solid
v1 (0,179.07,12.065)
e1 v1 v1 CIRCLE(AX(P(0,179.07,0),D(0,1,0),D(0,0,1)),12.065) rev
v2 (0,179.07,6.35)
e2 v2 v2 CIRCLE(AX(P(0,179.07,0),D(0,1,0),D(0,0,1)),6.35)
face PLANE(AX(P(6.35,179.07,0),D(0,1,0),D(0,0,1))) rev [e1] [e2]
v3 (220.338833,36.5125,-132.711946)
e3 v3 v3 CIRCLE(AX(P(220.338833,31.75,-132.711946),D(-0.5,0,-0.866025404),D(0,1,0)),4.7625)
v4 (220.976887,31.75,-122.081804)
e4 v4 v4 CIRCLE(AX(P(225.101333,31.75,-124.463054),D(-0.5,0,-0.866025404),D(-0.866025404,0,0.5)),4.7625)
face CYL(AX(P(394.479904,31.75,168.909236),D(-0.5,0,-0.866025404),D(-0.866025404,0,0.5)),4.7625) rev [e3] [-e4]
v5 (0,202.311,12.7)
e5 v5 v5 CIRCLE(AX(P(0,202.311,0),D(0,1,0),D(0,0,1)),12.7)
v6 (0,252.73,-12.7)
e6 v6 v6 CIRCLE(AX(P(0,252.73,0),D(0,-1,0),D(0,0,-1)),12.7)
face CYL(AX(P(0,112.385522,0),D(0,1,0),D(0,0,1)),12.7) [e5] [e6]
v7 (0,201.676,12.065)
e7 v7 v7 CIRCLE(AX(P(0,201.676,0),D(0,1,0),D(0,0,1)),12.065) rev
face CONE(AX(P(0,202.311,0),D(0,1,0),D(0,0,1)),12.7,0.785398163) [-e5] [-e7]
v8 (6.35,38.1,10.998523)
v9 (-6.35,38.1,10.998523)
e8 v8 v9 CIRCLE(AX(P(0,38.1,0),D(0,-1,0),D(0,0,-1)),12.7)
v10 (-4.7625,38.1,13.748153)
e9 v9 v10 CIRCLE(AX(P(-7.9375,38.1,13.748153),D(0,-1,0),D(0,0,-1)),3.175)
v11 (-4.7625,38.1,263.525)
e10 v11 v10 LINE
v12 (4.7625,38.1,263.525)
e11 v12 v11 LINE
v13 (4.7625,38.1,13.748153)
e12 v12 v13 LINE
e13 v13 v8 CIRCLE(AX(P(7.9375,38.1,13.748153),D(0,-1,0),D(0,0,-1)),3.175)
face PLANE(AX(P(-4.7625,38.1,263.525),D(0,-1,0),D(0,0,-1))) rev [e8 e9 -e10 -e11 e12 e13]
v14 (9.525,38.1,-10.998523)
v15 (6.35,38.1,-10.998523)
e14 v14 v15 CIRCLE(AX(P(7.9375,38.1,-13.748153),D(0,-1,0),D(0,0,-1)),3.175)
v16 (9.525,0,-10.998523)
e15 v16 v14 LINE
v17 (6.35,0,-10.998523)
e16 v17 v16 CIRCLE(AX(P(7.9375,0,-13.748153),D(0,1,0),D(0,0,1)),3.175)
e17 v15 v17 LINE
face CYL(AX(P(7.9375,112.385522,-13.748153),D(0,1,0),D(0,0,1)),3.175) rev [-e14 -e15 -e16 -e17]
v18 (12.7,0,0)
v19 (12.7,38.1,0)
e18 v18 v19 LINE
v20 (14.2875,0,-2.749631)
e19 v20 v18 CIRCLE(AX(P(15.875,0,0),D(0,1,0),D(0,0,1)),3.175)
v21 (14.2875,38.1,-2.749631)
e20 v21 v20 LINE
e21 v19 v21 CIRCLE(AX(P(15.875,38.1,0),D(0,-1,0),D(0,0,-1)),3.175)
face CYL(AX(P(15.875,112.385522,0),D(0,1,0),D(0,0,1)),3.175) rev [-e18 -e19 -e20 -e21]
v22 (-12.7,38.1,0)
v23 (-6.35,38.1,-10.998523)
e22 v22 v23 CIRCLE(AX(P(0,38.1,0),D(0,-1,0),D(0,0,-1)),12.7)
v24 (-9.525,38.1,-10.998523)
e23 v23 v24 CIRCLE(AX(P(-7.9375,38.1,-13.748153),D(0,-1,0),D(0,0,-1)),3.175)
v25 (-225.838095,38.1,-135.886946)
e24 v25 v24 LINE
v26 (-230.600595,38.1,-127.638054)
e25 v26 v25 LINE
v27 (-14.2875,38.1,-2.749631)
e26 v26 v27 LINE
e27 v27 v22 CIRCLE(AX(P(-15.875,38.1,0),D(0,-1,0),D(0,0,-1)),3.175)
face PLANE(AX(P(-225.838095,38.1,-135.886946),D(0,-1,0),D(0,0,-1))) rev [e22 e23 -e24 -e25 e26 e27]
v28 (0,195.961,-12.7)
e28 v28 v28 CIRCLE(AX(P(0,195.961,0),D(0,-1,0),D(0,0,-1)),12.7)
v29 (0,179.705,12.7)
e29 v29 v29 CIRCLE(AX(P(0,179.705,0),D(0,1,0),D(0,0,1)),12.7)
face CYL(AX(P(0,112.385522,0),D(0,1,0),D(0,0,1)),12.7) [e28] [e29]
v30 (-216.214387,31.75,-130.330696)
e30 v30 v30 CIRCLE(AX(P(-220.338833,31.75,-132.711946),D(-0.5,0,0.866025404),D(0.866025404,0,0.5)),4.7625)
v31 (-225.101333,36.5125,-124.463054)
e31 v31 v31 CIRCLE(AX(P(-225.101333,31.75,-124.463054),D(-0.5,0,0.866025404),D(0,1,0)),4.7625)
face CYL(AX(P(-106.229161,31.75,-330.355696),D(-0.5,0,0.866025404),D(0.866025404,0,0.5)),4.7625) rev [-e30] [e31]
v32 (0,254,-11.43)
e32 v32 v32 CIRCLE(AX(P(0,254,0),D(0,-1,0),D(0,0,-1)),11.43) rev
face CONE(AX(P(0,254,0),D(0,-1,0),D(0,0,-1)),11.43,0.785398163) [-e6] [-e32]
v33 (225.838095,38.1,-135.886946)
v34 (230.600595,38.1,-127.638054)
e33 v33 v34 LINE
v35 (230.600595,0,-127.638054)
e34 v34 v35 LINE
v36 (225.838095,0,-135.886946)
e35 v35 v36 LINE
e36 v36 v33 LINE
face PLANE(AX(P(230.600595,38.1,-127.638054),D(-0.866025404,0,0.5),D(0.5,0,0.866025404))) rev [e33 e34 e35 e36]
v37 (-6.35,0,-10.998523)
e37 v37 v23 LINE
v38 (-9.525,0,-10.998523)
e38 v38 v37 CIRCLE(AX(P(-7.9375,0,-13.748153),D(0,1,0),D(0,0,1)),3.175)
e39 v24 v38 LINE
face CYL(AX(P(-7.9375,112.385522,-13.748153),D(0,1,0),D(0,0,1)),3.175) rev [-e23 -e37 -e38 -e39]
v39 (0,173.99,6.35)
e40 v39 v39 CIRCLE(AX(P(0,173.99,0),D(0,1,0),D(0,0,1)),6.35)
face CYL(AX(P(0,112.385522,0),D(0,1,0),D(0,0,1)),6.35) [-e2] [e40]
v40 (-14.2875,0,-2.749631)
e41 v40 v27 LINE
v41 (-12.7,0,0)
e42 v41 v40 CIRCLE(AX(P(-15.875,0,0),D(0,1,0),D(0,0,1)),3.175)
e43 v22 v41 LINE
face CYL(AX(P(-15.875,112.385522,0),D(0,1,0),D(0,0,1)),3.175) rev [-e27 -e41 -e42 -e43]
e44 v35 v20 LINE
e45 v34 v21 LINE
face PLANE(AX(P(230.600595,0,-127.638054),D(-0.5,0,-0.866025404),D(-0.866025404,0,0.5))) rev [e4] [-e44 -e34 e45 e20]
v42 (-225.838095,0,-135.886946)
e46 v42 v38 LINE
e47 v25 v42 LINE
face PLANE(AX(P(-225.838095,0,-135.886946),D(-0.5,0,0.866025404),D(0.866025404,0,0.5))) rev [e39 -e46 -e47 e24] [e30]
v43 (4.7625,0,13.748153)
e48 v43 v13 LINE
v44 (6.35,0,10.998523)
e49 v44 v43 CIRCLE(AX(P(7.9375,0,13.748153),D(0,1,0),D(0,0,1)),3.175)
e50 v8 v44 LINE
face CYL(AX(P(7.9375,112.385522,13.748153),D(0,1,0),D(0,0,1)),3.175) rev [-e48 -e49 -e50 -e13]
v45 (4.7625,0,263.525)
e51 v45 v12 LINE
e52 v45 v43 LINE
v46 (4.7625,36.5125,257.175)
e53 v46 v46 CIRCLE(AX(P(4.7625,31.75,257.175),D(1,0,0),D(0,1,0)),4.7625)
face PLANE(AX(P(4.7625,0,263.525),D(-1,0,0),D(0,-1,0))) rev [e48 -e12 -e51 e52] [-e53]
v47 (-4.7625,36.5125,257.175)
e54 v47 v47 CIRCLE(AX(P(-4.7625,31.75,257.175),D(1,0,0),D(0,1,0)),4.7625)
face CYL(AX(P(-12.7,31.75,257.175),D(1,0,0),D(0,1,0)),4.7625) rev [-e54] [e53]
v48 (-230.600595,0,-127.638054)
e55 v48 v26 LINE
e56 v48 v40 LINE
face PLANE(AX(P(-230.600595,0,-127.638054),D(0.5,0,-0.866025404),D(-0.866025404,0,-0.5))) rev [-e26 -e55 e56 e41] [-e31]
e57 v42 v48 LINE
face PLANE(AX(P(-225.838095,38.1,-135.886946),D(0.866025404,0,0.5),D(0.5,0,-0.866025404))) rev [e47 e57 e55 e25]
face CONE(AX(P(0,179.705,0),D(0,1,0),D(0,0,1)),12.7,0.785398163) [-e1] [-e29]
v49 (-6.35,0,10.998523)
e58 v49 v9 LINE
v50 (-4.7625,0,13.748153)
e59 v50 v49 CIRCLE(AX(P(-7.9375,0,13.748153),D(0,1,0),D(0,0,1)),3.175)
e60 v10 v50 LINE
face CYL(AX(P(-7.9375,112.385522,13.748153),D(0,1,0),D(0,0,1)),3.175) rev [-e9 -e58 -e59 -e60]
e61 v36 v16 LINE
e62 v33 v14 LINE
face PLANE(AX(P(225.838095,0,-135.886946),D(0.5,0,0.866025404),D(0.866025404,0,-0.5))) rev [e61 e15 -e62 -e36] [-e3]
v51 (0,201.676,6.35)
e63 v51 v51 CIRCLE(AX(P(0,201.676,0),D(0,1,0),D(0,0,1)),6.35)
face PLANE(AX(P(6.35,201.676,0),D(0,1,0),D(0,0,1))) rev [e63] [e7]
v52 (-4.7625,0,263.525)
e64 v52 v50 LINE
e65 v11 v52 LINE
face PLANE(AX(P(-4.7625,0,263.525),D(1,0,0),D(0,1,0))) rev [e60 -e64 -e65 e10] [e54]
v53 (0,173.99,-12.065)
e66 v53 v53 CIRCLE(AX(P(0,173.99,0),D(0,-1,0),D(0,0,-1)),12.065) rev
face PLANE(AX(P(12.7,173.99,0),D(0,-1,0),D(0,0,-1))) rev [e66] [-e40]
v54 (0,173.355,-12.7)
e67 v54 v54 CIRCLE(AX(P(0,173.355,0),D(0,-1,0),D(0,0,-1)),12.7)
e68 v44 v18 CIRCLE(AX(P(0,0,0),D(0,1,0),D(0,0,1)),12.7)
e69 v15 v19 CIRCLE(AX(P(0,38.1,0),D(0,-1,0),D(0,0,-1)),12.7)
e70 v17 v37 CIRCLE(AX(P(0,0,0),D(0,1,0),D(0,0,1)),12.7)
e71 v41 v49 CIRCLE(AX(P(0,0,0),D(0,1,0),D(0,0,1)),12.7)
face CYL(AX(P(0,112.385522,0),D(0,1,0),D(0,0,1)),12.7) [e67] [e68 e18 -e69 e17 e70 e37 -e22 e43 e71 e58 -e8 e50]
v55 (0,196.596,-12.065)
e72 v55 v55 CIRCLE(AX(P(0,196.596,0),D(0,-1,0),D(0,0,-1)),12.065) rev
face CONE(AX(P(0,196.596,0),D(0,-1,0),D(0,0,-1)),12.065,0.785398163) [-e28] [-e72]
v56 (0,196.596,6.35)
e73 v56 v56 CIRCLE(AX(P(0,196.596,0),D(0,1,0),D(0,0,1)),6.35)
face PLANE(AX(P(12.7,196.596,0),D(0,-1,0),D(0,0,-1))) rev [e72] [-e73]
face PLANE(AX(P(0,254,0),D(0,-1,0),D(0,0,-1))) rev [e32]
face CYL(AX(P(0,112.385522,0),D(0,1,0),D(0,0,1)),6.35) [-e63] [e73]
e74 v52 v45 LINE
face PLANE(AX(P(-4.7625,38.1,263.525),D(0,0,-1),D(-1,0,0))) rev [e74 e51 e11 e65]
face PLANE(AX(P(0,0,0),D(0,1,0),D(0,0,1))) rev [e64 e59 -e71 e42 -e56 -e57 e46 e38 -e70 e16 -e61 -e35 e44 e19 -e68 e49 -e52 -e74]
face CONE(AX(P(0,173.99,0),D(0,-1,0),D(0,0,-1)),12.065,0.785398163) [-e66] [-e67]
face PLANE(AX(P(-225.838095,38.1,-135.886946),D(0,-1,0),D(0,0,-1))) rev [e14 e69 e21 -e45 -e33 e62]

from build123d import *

# Parameters (mm, degrees)
SKETCH6_W                = 9.525
SKETCH6_H                = 38.1
BOSS_EXTRUDE2_DEPTH      = 263.525
SKETCH7_R                = 4.7625
CUT_EXTRUDE2_DEPTH       = 367.423749955
FILLET2_R                = 3.175
CIRPATTERN2_COUNT        = 3
FILLET2_OF_CIRPATTERN2_R = 3.175
CHAMFER5_SIZE            = 0.635
CHAMFER6_SIZE            = 1.27


with BuildPart() as part:
    # Sketch5 → Base-Revolve (revolve)
    with BuildSketch(Plane.XY, mode=Mode.PRIVATE) as base_revolve_sk:
        Polygon((12.7, 173.99), (6.35, 173.99), (6.35, 179.07), (12.7, 179.07), (12.7, 196.596), (6.35, 196.596), (6.35, 201.676), (12.7, 201.676), (12.7, 254), (0, 254), (0, 0), (12.7, 0), align=None)
    revolve(base_revolve_sk.sketch.rotate(Axis((0, 112.385522388, 0), (0, -1, 0)), 90), axis=Axis((0, 112.385522388, 0), (0, -1, 0)))

    # Sketch6 → Boss-Extrude2 (add)
    with BuildSketch(Plane.XY):
        with Locations((0, 19.05)):
            Rectangle(SKETCH6_W, SKETCH6_H)
    boss_extrude2 = extrude(amount=BOSS_EXTRUDE2_DEPTH)

    # Sketch7 → Cut-Extrude2 (cut, through all)
    with BuildSketch(Plane(origin=(4.7625, 0, 0), x_dir=(0, 0, -1), z_dir=(1, 0, 0))):
        with Locations(Location((-257.175, 31.75, 0), (0, 0, 90))):
            Circle(SKETCH7_R)
    cut_extrude2 = extrude(amount=-CUT_EXTRUDE2_DEPTH, mode=Mode.SUBTRACT)

    # Fillet2
    fillet2_edges = [part.edges().sort_by_distance(p)[0] for p in [
        (-4.7625, 19.05, 11.773215098),
        (4.7625, 19.05, 11.773215098),
    ]]
    fillet(fillet2_edges, radius=FILLET2_R)

    # CirPattern2: Boss-Extrude2, Cut-Extrude2 ×3 about axis
    cirpattern2_axis = Axis((0, 0, 0), (0, 1, 0))
    add([boss_extrude2.rotate(cirpattern2_axis, i * 360 / CIRPATTERN2_COUNT) for i in range(1, CIRPATTERN2_COUNT)])
    add([cut_extrude2.rotate(cirpattern2_axis, i * 360 / CIRPATTERN2_COUNT) for i in range(1, CIRPATTERN2_COUNT)], mode=Mode.SUBTRACT)

    # Fillet2 of CirPattern2
    fillet2_of_cirpattern2_edges = [part.edges().sort_by_distance(p)[0] for p in [
        (12.577153359, 19.05, -1.762161564),
        (7.814653359, 19.05, -10.011053535),
        (-7.814653359, 19.05, -10.011053535),
        (-12.577153359, 19.05, -1.762161564),
    ]]
    fillet(fillet2_of_cirpattern2_edges, radius=FILLET2_OF_CIRPATTERN2_R)

    # Chamfer5
    chamfer5_edges = [part.edges().sort_by_distance(p)[0] for p in [
        (0, 179.07, -12.7),
        (0, 196.596, -12.7),
        (0, 201.676, -12.7),
        (0, 173.99, -12.7),
    ]]
    chamfer(chamfer5_edges, length=CHAMFER5_SIZE)

    # Chamfer6
    chamfer6_edges = [part.edges().sort_by_distance(p)[0] for p in [
        (0, 254, -12.7),
    ]]
    chamfer(chamfer6_edges, length=CHAMFER6_SIZE)


solid = part.part
